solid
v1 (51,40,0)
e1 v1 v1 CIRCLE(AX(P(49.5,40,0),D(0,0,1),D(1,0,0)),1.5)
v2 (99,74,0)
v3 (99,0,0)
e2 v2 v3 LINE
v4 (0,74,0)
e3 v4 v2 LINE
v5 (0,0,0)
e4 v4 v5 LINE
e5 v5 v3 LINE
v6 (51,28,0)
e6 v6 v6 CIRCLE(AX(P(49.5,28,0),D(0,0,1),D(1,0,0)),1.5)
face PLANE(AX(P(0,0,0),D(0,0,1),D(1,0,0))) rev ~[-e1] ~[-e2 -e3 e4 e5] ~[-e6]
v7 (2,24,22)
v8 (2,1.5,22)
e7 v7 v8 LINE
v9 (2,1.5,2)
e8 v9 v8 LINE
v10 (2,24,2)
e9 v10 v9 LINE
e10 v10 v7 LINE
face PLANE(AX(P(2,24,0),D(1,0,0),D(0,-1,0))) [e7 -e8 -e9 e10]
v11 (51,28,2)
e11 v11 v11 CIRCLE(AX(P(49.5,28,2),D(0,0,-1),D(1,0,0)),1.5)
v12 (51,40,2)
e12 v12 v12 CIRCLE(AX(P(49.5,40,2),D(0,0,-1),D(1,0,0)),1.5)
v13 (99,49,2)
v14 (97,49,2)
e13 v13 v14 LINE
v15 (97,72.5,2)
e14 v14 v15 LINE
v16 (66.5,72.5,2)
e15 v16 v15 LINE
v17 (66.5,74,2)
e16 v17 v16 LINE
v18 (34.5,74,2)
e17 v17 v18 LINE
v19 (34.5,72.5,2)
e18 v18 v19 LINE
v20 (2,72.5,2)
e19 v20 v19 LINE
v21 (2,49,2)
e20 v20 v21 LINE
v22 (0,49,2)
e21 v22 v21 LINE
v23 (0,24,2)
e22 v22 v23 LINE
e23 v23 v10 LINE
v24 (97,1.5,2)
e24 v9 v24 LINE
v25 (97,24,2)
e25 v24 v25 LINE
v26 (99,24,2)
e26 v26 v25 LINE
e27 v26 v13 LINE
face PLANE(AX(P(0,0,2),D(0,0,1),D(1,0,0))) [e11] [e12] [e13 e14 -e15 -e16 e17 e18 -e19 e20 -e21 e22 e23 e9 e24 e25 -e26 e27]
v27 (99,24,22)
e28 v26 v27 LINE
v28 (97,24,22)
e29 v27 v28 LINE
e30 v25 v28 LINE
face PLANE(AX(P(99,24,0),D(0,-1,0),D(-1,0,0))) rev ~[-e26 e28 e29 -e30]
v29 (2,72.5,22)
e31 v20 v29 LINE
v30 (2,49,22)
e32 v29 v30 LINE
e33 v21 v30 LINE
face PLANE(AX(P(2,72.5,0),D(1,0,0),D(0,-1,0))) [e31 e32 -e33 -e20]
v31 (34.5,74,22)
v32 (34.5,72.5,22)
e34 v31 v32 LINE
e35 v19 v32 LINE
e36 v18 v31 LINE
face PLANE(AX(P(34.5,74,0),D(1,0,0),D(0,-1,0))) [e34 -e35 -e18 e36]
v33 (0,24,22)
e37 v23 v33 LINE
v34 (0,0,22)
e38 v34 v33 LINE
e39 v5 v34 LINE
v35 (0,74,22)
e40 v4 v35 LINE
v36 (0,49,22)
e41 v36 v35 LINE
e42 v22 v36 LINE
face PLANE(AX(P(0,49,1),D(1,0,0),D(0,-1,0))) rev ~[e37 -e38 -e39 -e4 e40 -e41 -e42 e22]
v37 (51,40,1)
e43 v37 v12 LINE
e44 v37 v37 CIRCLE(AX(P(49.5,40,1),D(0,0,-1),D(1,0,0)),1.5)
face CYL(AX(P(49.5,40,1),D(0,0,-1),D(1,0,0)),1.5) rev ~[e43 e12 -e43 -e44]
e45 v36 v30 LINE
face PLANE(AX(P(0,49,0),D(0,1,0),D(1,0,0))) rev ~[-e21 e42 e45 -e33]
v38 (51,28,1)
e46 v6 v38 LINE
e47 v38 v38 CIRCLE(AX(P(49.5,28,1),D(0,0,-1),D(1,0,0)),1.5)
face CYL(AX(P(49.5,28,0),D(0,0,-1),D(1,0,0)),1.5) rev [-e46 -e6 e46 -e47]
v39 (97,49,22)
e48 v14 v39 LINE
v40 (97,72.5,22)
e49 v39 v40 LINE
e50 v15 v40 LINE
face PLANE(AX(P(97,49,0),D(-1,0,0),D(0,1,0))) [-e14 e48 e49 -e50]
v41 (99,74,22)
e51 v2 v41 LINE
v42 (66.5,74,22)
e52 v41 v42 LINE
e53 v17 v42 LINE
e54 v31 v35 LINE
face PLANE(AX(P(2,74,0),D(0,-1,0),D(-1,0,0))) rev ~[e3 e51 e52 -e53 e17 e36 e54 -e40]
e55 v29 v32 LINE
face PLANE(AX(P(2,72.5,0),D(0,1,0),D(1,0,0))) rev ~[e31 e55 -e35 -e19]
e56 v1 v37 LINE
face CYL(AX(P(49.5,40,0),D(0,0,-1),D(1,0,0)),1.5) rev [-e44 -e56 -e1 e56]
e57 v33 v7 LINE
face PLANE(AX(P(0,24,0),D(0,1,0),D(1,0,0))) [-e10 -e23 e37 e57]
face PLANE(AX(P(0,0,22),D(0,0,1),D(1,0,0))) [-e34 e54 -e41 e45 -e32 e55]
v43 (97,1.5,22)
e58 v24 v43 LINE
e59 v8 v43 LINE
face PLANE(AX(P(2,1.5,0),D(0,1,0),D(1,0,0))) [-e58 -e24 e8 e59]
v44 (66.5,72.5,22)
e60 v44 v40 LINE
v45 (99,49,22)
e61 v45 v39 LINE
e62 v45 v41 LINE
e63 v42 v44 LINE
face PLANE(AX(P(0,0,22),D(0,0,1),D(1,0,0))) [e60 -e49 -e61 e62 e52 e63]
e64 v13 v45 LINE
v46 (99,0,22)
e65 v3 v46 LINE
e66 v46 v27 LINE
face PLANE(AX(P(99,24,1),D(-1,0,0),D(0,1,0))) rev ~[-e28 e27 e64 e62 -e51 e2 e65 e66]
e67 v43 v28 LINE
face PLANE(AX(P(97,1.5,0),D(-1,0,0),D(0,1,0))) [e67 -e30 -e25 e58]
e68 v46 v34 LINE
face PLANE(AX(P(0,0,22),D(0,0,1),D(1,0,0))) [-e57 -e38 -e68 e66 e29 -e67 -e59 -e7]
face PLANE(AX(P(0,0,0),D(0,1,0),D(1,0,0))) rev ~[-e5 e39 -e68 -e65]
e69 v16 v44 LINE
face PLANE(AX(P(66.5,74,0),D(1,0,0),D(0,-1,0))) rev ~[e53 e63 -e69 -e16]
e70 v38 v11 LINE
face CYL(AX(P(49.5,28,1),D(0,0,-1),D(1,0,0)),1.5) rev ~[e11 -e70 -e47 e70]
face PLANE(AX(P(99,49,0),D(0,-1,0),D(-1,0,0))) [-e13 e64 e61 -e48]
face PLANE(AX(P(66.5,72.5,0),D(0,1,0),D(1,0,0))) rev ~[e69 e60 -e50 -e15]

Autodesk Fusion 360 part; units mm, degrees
sketch "Szkic1" plane through (0, 0, 0) normal (0, 0, 1) x (1, 0, 0)
  line L0 (0, 0) -> (99, 0)
  line L1 (99, 0) -> (99, 74)
  line L2 (99, 74) -> (0, 74)
  line L3 (0, 74) -> (0, 0)
  line L4 (0, 74) -> (2, 74)
  line L5 (2, 74) -> (2, 0)
  line L6 (0, 74) -> (0, 72.5)
  line L7 (0, 72.5) -> (99, 72.5)
  line L8 (0, 0) -> (0, 1.5)
  line L9 (0, 1.5) -> (99, 1.5)
  line L10 (99, 0) -> (97, 0)
  line L11 (97, 0) -> (97, 74)
  line L12 (0, 74) -> (34.5, 74)
  line L13 (34.5, 74) -> (34.5, 72.5)
  line L14 (66.5, 74) -> (66.5, 72.5)
  line L15 (0, 74) -> (0, 49)
  line L16 (0, 49) -> (2, 49)
  line L17 (0, 49) -> (0, 24)
  line L18 (0, 24) -> (2, 24)
  line L19 (99, 74) -> (99, 49)
  line L20 (99, 49) -> (97, 49)
  line L21 (99, 49) -> (99, 24)
  line L22 (99, 24) -> (97, 24)
  line L23 (49.5, 0) -> (49.5, 28) construction
  line L24 (49.5, 28) -> (49.5, 40) construction
  circle A0 centre (49.5, 40) radius 1.5
  circle A1 centre (49.5, 28) radius 1.5
  point P0 (49.5, 0)
  dimension "d1" = 99
  dimension "d2" = 74
  dimension "d3" = 2
  dimension "d5" = 2
  dimension "d6" = 34.5
  dimension "d7" = 32
  dimension "d8" = 25
  dimension "d9" = 25
  dimension "d10" = 25
  dimension "d11" = 25
  dimension "d18" = 3
  dimension "d19" = 3
  dimension "d22" = 28
  dimension "d23" = 12
  dimension "d26" = 1.5
  dimension "d27" = 1.5
extrude "Wyciągnięcie proste1" add sketch "Szkic1" along normal blind 22 contours L0 L3 L5 L8 L9 | L0 L5 L9 L11 | L3 L5 L9 L18 | L0 L1 L9 L10 L11 | L1 L9 L11 L22 | L3 L5 L7 L15 L16 | L2 L3 L4 L5 L6 L7 L12 L15 | L1 L7 L11 L19 L20 | L2 L5 L7 L12 L13 | L1 L2 L7 L11 L19 | L2 L7 L11 L14 makes body 1 at (33, 0, 7.3333) makes body 2 at (88.1667, 74, 14.6667) makes body 3 at (23, 74, 7.3333)
extrude "Wyciągnięcie proste2" add sketch "Szkic1" along normal blind 1 separate body contours L5 L7 L9 L11 | L3 L5 L16 L17 L18 | L1 L11 L20 L21 L22 | L2 L7 L13 L14 | A0 | A1 makes body 4
combine "Kombinacja1" operation add target body 4 tool bodies 3 1 2
extrude "Wyciągnięcie proste3" cut sketch "Szkic1" along normal blind 6 contours A0 | A1 bodies 4
extrude "Wyciągnięcie proste4" add 1 faces at (49.4799, 9.8337, 1) along direction (0, 0, 1) blind 1 on bodies 4 bodies 4
